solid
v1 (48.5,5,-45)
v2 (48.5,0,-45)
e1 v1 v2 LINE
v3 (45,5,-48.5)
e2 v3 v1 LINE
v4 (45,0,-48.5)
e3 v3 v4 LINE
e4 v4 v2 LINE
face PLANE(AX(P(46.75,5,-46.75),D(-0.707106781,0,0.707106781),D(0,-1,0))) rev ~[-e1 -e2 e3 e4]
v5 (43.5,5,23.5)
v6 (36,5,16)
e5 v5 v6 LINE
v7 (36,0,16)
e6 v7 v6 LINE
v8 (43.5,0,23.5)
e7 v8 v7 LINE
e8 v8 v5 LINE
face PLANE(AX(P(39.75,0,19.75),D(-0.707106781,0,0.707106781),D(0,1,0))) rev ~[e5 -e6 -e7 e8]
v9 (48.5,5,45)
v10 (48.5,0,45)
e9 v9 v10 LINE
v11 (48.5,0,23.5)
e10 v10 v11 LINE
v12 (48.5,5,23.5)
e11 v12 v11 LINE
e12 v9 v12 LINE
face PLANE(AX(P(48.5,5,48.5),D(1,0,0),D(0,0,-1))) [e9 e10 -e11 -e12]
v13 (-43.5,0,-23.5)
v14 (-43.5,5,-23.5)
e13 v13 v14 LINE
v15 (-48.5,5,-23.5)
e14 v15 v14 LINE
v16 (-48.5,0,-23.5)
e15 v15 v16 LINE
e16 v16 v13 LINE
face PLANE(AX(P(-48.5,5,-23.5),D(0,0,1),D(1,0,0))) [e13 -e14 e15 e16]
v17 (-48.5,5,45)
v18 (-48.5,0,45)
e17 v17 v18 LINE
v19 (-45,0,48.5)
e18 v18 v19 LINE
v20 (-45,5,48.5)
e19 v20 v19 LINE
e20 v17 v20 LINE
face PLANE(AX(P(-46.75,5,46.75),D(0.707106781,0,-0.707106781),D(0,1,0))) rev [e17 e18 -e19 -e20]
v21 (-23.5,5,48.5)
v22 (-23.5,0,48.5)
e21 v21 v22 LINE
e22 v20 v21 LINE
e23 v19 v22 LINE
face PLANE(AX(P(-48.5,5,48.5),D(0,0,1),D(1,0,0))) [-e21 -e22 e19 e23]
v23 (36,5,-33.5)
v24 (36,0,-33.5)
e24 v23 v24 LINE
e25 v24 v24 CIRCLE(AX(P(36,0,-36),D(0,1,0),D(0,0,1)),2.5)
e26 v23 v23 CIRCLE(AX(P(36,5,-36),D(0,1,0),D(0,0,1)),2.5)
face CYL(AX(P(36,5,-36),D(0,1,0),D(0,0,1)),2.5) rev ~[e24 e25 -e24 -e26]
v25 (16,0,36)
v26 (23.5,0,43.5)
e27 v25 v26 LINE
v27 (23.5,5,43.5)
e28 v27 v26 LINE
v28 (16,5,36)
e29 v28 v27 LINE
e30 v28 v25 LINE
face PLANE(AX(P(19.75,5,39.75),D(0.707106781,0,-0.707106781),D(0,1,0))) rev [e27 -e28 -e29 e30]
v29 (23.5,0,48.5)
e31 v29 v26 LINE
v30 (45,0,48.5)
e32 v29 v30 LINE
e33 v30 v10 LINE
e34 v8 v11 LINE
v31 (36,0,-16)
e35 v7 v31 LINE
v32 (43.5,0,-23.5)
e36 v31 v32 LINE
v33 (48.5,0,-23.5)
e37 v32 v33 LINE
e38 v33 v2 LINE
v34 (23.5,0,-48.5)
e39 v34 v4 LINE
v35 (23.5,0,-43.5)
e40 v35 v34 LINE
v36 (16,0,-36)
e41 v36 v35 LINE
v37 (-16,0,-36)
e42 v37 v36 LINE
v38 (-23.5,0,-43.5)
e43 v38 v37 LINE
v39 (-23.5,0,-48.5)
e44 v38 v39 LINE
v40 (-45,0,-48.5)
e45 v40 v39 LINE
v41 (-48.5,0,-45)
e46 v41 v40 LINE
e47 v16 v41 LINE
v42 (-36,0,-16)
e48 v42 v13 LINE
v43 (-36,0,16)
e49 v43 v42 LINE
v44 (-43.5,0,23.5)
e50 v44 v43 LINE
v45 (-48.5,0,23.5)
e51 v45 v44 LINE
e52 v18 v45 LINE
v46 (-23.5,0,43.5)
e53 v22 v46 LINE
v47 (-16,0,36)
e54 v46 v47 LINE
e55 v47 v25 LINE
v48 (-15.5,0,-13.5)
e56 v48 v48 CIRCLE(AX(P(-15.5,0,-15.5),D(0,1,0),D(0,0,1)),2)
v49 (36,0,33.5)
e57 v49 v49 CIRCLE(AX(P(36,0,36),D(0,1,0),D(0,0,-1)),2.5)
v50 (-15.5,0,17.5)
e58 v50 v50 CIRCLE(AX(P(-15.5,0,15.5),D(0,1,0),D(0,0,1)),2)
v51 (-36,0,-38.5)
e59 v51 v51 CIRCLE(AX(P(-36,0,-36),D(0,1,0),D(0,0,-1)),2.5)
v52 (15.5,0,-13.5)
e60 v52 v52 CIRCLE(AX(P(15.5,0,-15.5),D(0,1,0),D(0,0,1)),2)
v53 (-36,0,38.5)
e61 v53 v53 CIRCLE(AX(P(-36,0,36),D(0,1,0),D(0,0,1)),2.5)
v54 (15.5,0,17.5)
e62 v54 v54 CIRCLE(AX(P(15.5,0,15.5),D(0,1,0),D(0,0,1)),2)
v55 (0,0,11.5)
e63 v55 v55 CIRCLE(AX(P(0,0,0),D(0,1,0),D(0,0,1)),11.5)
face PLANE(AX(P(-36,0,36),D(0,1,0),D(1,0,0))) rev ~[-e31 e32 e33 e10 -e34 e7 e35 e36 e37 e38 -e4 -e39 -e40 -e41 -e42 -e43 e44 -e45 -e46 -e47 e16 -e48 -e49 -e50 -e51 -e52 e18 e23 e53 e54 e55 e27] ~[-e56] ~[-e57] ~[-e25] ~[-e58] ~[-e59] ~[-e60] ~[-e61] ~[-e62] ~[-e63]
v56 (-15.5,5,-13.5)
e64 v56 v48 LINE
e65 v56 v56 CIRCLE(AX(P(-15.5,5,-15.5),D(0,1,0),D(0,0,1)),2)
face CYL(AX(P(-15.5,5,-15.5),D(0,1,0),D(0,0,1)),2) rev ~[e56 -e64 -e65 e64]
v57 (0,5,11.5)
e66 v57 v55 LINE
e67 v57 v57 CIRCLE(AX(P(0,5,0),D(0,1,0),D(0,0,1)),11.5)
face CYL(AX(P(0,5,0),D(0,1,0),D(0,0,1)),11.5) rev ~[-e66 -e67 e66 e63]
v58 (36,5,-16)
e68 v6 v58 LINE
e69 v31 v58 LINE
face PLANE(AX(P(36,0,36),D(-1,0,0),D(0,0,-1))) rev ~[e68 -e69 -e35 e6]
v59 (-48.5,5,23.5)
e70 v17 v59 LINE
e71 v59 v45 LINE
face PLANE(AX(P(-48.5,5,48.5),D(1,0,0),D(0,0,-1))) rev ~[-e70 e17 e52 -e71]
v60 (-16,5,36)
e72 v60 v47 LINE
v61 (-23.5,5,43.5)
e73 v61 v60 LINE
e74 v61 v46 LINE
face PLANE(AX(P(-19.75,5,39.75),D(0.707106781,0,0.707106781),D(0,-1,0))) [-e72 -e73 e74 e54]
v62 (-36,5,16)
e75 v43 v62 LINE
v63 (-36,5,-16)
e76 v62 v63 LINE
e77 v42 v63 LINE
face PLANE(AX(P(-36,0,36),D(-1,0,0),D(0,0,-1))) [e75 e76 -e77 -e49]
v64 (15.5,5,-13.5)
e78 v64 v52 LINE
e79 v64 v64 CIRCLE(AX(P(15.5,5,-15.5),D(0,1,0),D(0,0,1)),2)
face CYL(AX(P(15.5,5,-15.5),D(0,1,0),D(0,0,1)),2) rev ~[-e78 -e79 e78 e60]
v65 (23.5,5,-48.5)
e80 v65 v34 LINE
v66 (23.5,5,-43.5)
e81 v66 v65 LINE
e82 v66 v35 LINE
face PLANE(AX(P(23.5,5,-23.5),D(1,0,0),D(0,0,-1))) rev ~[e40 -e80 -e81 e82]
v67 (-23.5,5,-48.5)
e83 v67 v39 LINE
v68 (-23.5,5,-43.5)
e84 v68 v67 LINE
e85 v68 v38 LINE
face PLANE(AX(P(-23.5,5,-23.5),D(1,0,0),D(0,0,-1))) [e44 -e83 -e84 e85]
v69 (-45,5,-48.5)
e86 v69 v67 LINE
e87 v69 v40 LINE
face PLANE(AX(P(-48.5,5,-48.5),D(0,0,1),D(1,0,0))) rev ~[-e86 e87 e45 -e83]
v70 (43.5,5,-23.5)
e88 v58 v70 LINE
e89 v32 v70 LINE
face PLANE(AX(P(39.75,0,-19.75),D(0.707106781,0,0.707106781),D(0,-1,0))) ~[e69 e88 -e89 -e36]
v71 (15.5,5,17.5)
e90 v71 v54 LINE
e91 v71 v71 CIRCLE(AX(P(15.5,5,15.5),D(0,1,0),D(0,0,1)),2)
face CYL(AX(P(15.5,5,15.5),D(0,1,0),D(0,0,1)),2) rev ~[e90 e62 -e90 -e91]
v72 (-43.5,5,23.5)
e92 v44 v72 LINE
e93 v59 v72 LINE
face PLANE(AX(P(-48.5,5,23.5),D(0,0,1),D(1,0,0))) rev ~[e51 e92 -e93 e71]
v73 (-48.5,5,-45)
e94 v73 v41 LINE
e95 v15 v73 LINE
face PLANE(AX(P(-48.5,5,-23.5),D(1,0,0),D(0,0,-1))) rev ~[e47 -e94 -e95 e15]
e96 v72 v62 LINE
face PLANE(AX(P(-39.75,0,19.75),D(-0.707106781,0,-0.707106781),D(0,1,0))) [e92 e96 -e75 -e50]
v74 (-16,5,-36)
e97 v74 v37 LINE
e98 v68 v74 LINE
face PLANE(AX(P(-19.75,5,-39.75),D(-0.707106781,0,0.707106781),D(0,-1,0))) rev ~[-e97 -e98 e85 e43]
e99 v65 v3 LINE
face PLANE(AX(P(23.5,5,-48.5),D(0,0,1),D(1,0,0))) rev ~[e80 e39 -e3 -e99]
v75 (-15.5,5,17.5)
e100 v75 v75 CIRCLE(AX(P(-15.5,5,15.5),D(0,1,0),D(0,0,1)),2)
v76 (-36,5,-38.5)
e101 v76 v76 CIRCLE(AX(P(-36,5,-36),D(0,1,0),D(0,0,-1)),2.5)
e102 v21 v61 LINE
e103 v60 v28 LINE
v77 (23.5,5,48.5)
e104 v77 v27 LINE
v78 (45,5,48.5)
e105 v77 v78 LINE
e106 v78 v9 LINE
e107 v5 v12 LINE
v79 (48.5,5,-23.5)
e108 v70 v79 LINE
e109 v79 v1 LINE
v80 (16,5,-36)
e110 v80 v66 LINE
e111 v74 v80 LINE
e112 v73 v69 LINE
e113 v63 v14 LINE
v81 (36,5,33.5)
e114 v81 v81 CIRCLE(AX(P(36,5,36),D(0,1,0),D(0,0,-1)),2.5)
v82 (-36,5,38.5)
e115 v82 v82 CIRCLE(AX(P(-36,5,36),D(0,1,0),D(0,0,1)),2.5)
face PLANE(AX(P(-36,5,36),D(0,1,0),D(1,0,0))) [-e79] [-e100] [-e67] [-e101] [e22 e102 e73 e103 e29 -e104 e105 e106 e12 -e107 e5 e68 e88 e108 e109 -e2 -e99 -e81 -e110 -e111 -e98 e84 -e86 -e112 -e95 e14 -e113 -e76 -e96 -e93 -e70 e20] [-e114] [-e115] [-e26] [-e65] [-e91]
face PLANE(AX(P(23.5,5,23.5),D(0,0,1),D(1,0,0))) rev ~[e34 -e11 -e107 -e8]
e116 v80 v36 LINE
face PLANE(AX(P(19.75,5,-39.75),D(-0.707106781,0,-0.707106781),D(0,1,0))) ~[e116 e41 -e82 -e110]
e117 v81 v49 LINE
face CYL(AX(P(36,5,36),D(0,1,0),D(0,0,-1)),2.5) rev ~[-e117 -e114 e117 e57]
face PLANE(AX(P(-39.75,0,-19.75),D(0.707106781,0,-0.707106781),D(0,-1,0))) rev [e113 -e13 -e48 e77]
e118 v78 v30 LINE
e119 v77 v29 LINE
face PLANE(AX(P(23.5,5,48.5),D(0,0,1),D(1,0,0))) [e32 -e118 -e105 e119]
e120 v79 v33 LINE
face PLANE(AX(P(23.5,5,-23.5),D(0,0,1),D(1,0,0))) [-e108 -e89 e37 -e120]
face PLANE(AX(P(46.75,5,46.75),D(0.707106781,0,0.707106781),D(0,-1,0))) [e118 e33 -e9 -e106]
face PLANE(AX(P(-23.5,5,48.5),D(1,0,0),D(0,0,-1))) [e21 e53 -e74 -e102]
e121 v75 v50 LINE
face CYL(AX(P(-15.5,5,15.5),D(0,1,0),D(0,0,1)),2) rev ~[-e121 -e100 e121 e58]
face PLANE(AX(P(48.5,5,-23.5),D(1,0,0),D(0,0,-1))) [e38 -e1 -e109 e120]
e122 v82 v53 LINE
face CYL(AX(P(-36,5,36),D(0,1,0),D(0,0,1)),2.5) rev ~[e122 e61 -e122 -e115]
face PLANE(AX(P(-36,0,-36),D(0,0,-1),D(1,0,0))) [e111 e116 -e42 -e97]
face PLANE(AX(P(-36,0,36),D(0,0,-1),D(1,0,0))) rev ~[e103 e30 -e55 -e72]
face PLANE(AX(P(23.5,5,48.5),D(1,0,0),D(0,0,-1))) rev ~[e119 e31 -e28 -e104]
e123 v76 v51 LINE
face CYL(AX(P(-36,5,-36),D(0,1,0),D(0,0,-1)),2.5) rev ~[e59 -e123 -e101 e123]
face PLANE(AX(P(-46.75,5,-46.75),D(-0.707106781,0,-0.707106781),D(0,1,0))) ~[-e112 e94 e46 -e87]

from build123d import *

# Parameters (mm, degrees)
SKETCH1_W           = 72
SKETCH1_H           = 72
BOSS_EXTRUDE1_DEPTH = 5
SKETCH5_W           = 25
SKETCH5_H           = 25
BOSS_EXTRUDE2_DEPTH = 5
SKETCH3_R           = 2
SKETCH3_R_2         = 11.5
SKETCH3_R_3         = 2.5
CUT_EXTRUDE1_DEPTH  = 69.771360318
CHAMFER1_SIZE       = 7.5
CHAMFER2_SIZE       = 3.5


with BuildPart() as part:
    # Sketch1 → Boss-Extrude1 (new body)
    with BuildSketch(Plane(origin=(0, 0, 0), x_dir=(1, 0, 0), z_dir=(0, 1, 0))):
        Rectangle(SKETCH1_W, SKETCH1_H)
    extrude(amount=BOSS_EXTRUDE1_DEPTH)

    # Sketch5 → Boss-Extrude2 (add)
    with BuildSketch(Plane(origin=(0, 5, 0), x_dir=(1, 0, 0), z_dir=(0, 1, 0))):
        with Locations((-36, -36)):
            Rectangle(SKETCH5_W, SKETCH5_H)
        with Locations((36, -36)):
            Rectangle(SKETCH5_W, SKETCH5_H)
        with Locations((36, 36)):
            Rectangle(SKETCH5_W, SKETCH5_H)
        with Locations((-36, 36)):
            Rectangle(SKETCH5_W, SKETCH5_H)
    extrude(amount=-BOSS_EXTRUDE2_DEPTH)

    # Sketch3 → Cut-Extrude1 (cut, through all)
    with BuildSketch(Plane(origin=(0, 5, 0), x_dir=(1, 0, 0), z_dir=(0, 1, 0))):
        with Locations(Location((-15.5, 15.5, 0), (0, 0, 270))):
            Circle(SKETCH3_R)
        with Locations(Location((15.5, 15.5, 0), (0, 0, 270))):
            Circle(SKETCH3_R)
        with Locations(Location((15.5, -15.5, 0), (0, 0, 270))):
            Circle(SKETCH3_R)
        with Locations(Location((-15.5, -15.5, 0), (0, 0, 270))):
            Circle(SKETCH3_R)
        with Locations(Location((0, 0, 0), (0, 0, 270))):
            Circle(SKETCH3_R_2)
        with Locations(Location((-36, -36, 0), (0, 0, 270))):
            Circle(SKETCH3_R_3)
        with Locations(Location((36, -36, 0), (0, 0, 90))):
            Circle(SKETCH3_R_3)
        with Locations(Location((36, 36, 0), (0, 0, 270))):
            Circle(SKETCH3_R_3)
        with Locations(Location((-36, 36, 0), (0, 0, 90))):
            Circle(SKETCH3_R_3)
    extrude(amount=-CUT_EXTRUDE1_DEPTH, mode=Mode.SUBTRACT)

    # Chamfer1
    chamfer1_edges = [part.edges().sort_by_distance(p)[0] for p in [
        (-23.5, 2.5, 36),
        (-36, 2.5, 23.5),
        (36, 2.5, 23.5),
        (23.5, 2.5, 36),
        (36, 2.5, -23.5),
        (23.5, 2.5, -36),
        (-36, 2.5, -23.5),
        (-23.5, 2.5, -36),
    ]]
    chamfer(chamfer1_edges, length=CHAMFER1_SIZE)

    # Chamfer2
    chamfer2_edges = [part.edges().sort_by_distance(p)[0] for p in [
        (-48.5, 2.5, 48.5),
        (48.5, 2.5, 48.5),
        (48.5, 2.5, -48.5),
        (-48.5, 2.5, -48.5),
    ]]
    chamfer(chamfer2_edges, length=CHAMFER2_SIZE)


solid = part.part
